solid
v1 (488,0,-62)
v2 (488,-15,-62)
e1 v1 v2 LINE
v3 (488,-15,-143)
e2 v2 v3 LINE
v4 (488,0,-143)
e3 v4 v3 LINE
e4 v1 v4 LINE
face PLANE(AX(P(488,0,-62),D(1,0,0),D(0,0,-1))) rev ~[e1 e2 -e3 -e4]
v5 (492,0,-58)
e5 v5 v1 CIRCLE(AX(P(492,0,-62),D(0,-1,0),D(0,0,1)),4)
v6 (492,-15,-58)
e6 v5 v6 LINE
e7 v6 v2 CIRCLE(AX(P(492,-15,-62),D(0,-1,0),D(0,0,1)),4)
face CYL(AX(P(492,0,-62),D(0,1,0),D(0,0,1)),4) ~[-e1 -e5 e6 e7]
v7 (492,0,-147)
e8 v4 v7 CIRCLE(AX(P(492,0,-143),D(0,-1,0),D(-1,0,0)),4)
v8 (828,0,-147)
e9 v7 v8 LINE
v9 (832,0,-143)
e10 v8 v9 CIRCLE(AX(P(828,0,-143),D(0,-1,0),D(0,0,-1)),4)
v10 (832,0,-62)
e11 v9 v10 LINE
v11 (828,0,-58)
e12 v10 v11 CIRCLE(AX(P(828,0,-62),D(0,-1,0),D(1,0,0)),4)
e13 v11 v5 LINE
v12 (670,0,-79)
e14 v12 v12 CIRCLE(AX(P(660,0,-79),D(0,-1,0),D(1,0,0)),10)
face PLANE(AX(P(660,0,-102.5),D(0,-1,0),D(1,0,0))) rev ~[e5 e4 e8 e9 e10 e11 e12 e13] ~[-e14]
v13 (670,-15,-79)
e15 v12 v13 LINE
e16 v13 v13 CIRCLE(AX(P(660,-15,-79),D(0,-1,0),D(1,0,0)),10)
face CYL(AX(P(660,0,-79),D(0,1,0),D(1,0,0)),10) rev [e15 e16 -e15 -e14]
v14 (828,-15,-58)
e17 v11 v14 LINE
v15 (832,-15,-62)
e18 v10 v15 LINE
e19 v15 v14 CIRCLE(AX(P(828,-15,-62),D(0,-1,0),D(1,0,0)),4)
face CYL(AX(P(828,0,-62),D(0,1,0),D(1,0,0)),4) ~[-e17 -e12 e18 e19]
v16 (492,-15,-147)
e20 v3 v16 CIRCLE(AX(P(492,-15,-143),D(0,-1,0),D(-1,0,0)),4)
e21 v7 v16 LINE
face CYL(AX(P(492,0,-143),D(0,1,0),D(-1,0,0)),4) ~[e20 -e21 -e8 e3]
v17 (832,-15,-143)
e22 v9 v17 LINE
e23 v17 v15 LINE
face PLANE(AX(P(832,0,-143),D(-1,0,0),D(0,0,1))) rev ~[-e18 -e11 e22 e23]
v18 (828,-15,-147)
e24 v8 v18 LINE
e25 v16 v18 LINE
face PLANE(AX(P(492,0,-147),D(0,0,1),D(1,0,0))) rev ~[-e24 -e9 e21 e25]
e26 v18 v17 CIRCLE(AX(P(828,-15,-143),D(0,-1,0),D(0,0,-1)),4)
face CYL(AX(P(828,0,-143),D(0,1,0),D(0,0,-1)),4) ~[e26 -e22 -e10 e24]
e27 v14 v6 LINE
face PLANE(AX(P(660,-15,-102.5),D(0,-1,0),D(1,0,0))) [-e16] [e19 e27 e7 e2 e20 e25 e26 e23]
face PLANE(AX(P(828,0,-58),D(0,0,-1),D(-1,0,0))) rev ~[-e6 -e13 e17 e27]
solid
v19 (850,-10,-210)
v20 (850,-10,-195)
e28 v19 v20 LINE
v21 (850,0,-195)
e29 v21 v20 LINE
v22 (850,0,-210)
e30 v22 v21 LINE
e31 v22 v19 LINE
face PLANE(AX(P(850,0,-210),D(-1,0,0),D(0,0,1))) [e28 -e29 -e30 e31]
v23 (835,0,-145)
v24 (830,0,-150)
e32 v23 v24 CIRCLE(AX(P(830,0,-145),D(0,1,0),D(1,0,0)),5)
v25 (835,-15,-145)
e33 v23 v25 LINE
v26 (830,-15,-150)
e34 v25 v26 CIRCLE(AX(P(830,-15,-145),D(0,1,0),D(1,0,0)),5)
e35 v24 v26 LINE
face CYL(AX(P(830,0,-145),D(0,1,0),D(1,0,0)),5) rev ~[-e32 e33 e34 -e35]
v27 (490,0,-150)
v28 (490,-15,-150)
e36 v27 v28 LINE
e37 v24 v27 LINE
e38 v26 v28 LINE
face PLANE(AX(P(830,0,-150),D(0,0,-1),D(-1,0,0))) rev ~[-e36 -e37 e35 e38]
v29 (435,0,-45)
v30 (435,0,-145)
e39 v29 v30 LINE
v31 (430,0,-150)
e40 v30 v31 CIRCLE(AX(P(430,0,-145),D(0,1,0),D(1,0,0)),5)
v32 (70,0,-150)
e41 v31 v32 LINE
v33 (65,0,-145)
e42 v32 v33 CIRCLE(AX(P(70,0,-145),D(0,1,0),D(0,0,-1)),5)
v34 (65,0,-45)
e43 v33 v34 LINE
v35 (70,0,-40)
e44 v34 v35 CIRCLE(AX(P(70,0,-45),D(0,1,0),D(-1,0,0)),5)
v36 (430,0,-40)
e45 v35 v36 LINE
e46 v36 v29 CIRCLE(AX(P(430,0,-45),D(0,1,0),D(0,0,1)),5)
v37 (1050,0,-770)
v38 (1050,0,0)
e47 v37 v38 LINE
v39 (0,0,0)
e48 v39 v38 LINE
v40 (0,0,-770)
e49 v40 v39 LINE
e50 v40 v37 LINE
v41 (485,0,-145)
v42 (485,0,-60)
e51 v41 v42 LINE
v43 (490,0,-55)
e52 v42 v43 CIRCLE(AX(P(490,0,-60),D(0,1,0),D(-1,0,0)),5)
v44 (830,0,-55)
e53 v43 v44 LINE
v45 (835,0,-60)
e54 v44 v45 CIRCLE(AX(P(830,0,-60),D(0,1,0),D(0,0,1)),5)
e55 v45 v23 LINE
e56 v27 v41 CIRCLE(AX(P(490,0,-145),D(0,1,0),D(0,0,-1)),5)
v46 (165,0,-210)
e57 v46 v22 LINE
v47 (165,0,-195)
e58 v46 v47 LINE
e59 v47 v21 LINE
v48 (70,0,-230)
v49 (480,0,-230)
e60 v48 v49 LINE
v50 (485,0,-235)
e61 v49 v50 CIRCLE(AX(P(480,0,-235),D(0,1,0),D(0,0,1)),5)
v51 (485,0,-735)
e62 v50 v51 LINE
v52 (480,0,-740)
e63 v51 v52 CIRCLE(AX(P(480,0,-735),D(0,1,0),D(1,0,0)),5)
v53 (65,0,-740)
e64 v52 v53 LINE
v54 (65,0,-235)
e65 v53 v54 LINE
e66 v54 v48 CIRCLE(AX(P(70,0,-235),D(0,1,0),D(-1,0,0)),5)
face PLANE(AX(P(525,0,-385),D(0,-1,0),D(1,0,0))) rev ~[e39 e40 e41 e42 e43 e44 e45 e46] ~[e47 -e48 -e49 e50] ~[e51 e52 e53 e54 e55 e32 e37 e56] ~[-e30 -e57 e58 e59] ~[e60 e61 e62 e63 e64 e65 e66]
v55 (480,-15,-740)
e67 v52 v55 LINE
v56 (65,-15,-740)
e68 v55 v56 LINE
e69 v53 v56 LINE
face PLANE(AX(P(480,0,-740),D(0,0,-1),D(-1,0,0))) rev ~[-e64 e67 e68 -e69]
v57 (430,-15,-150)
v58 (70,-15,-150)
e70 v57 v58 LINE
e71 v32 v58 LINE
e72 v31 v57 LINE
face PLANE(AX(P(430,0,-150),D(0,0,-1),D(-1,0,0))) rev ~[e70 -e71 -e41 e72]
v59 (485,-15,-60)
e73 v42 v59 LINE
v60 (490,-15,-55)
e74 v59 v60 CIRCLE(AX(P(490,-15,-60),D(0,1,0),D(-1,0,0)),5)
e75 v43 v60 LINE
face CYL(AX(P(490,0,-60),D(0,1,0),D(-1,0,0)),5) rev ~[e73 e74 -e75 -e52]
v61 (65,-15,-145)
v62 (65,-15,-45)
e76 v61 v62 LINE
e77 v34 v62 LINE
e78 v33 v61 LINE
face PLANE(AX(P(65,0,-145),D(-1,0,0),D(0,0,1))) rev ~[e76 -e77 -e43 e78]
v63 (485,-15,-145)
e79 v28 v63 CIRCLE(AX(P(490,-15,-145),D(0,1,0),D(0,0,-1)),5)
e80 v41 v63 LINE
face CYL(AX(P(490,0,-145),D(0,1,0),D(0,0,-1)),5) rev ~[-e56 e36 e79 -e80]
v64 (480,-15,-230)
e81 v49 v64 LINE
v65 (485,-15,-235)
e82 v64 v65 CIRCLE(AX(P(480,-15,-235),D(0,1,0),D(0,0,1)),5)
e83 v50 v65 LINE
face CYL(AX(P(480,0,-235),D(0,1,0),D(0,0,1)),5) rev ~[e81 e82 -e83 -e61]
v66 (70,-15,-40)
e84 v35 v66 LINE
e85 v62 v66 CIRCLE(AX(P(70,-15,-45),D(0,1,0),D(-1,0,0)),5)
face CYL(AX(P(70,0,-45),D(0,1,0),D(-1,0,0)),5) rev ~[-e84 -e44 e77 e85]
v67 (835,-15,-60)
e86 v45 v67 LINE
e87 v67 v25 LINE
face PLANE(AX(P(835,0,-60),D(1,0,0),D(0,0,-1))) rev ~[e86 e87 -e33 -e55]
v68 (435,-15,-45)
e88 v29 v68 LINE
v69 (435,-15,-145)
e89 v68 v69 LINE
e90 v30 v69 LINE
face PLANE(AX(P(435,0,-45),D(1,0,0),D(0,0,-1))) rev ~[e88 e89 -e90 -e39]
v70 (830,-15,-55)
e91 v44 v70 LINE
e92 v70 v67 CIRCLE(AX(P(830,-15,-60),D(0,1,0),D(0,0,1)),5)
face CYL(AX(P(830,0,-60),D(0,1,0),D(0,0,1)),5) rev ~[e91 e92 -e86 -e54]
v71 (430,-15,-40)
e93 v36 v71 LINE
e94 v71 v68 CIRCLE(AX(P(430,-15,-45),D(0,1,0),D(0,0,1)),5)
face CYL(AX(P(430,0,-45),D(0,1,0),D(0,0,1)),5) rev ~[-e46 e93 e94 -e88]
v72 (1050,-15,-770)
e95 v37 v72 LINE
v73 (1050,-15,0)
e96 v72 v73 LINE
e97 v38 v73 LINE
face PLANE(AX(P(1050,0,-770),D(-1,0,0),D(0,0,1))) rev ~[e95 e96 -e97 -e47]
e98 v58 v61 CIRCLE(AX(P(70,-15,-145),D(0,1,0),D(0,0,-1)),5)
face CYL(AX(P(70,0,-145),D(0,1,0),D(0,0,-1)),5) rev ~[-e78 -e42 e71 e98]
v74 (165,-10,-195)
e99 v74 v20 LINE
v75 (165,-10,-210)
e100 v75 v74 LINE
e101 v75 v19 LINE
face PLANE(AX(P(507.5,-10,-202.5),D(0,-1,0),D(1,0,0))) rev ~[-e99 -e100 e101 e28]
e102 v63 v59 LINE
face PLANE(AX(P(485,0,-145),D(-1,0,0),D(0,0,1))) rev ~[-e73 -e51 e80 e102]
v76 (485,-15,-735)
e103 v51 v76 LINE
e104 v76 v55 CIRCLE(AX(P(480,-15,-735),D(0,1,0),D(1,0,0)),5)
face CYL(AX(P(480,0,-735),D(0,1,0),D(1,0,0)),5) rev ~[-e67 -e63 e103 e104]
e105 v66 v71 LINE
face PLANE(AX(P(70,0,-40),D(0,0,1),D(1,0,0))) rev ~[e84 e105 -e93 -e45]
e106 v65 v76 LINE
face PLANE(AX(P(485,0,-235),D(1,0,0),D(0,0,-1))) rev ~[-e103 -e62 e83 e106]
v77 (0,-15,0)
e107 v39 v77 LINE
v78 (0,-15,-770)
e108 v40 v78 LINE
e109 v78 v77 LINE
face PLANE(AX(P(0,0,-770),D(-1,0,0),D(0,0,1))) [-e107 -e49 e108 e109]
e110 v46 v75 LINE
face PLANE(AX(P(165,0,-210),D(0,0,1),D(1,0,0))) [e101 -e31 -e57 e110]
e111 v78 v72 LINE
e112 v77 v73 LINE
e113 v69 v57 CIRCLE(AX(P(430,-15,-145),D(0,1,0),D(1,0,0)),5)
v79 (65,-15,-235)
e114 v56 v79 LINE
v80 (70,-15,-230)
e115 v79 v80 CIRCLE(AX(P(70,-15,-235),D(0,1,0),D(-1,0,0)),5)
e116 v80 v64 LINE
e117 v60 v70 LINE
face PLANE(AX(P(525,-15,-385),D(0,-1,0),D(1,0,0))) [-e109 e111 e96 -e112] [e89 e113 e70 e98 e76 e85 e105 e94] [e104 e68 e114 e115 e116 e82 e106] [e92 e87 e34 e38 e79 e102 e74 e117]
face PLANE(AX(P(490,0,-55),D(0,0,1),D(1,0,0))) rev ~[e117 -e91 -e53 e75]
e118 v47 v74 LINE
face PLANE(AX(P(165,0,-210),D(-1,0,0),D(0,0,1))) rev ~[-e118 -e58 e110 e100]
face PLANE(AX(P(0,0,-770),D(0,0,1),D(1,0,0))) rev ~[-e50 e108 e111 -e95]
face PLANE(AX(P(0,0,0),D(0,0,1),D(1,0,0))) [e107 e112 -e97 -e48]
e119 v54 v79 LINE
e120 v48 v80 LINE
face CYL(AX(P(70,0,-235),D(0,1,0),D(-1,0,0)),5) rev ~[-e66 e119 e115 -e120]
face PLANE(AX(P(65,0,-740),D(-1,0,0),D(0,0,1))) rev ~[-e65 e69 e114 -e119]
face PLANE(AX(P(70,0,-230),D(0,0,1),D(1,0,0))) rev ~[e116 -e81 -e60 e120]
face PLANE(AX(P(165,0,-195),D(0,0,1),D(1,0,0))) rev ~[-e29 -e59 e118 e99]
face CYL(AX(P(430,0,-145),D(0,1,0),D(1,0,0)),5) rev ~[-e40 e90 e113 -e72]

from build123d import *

# Parameters (mm, degrees)
F0_R     = 10
F1_DEPTH = 15
F0_W     = 1050
F0_H     = 770
F0_W_2   = 685
F0_H_2   = 15
F2_DEPTH = 10


with BuildPart() as f1:
    # F0 (on Front) → F1 (new body)
    with BuildSketch(Plane.XZ):
        with BuildLine():
            ThreePointArc((488, -143), (489.1715728753, -145.8284271247), (492, -147))
            Line((492, -147), (828, -147))
            ThreePointArc((828, -147), (830.8284271247, -145.8284271247), (832, -143))
            Line((832, -143), (832, -62))
            ThreePointArc((832, -62), (830.8284271247, -59.1715728753), (828, -58))
            Line((828, -58), (492, -58))
            ThreePointArc((492, -58), (489.1715728753, -59.1715728753), (488, -62))
            Line((488, -62), (488, -143))
        make_face()
        with Locations((660, -79)):
            Circle(F0_R, mode=Mode.SUBTRACT)
    extrude(amount=F1_DEPTH)


with BuildPart() as f1b:
    # F0 (on Front) → F1, piece 2 (new body)
    with BuildSketch(Plane.XZ):
        with Locations((525, -385)):
            Rectangle(F0_W, F0_H)
        with BuildLine():
            Line((480, -740), (65, -740))
            Line((65, -740), (65, -235))
            ThreePointArc((65, -235), (66.4644660941, -231.4644660941), (70, -230))
            Line((70, -230), (480, -230))
            ThreePointArc((480, -230), (483.5355339059, -231.4644660941), (485, -235))
            Line((485, -235), (485, -735))
            ThreePointArc((485, -735), (483.5355339059, -738.5355339059), (480, -740))
        make_face(mode=Mode.SUBTRACT)
        with Locations((507.5, -202.5)):
            Rectangle(F0_W_2, F0_H_2, mode=Mode.SUBTRACT)
        with BuildLine():
            ThreePointArc((65, -45), (66.4644660941, -41.4644660941), (70, -40))
            Line((70, -40), (430, -40))
            ThreePointArc((430, -40), (433.5355339059, -41.4644660941), (435, -45))
            Line((435, -45), (435, -145))
            ThreePointArc((435, -145), (433.5355339059, -148.5355339059), (430, -150))
            Line((430, -150), (70, -150))
            ThreePointArc((70, -150), (66.4644660941, -148.5355339059), (65, -145))
            Line((65, -145), (65, -45))
        make_face(mode=Mode.SUBTRACT)
        with BuildLine():
            Line((830, -150), (490, -150))
            ThreePointArc((490, -150), (486.4644660941, -148.5355339059), (485, -145))
            Line((485, -145), (485, -60))
            ThreePointArc((485, -60), (486.4644660941, -56.4644660941), (490, -55))
            Line((490, -55), (830, -55))
            ThreePointArc((830, -55), (833.5355339059, -56.4644660941), (835, -60))
            Line((835, -60), (835, -145))
            ThreePointArc((835, -145), (833.5355339059, -148.5355339059), (830, -150))
        make_face(mode=Mode.SUBTRACT)
        with Locations((507.5, -202.5)):
            Rectangle(F0_W_2, F0_H_2)
    extrude(amount=F1_DEPTH)

    # F0 (on Front) → F2 (cut)
    with BuildSketch(Plane.XZ):
        with Locations((507.5, -202.5)):
            Rectangle(F0_W_2, F0_H_2)
    extrude(amount=F2_DEPTH, mode=Mode.SUBTRACT)


solid = Compound([f1.part, f1b.part])
